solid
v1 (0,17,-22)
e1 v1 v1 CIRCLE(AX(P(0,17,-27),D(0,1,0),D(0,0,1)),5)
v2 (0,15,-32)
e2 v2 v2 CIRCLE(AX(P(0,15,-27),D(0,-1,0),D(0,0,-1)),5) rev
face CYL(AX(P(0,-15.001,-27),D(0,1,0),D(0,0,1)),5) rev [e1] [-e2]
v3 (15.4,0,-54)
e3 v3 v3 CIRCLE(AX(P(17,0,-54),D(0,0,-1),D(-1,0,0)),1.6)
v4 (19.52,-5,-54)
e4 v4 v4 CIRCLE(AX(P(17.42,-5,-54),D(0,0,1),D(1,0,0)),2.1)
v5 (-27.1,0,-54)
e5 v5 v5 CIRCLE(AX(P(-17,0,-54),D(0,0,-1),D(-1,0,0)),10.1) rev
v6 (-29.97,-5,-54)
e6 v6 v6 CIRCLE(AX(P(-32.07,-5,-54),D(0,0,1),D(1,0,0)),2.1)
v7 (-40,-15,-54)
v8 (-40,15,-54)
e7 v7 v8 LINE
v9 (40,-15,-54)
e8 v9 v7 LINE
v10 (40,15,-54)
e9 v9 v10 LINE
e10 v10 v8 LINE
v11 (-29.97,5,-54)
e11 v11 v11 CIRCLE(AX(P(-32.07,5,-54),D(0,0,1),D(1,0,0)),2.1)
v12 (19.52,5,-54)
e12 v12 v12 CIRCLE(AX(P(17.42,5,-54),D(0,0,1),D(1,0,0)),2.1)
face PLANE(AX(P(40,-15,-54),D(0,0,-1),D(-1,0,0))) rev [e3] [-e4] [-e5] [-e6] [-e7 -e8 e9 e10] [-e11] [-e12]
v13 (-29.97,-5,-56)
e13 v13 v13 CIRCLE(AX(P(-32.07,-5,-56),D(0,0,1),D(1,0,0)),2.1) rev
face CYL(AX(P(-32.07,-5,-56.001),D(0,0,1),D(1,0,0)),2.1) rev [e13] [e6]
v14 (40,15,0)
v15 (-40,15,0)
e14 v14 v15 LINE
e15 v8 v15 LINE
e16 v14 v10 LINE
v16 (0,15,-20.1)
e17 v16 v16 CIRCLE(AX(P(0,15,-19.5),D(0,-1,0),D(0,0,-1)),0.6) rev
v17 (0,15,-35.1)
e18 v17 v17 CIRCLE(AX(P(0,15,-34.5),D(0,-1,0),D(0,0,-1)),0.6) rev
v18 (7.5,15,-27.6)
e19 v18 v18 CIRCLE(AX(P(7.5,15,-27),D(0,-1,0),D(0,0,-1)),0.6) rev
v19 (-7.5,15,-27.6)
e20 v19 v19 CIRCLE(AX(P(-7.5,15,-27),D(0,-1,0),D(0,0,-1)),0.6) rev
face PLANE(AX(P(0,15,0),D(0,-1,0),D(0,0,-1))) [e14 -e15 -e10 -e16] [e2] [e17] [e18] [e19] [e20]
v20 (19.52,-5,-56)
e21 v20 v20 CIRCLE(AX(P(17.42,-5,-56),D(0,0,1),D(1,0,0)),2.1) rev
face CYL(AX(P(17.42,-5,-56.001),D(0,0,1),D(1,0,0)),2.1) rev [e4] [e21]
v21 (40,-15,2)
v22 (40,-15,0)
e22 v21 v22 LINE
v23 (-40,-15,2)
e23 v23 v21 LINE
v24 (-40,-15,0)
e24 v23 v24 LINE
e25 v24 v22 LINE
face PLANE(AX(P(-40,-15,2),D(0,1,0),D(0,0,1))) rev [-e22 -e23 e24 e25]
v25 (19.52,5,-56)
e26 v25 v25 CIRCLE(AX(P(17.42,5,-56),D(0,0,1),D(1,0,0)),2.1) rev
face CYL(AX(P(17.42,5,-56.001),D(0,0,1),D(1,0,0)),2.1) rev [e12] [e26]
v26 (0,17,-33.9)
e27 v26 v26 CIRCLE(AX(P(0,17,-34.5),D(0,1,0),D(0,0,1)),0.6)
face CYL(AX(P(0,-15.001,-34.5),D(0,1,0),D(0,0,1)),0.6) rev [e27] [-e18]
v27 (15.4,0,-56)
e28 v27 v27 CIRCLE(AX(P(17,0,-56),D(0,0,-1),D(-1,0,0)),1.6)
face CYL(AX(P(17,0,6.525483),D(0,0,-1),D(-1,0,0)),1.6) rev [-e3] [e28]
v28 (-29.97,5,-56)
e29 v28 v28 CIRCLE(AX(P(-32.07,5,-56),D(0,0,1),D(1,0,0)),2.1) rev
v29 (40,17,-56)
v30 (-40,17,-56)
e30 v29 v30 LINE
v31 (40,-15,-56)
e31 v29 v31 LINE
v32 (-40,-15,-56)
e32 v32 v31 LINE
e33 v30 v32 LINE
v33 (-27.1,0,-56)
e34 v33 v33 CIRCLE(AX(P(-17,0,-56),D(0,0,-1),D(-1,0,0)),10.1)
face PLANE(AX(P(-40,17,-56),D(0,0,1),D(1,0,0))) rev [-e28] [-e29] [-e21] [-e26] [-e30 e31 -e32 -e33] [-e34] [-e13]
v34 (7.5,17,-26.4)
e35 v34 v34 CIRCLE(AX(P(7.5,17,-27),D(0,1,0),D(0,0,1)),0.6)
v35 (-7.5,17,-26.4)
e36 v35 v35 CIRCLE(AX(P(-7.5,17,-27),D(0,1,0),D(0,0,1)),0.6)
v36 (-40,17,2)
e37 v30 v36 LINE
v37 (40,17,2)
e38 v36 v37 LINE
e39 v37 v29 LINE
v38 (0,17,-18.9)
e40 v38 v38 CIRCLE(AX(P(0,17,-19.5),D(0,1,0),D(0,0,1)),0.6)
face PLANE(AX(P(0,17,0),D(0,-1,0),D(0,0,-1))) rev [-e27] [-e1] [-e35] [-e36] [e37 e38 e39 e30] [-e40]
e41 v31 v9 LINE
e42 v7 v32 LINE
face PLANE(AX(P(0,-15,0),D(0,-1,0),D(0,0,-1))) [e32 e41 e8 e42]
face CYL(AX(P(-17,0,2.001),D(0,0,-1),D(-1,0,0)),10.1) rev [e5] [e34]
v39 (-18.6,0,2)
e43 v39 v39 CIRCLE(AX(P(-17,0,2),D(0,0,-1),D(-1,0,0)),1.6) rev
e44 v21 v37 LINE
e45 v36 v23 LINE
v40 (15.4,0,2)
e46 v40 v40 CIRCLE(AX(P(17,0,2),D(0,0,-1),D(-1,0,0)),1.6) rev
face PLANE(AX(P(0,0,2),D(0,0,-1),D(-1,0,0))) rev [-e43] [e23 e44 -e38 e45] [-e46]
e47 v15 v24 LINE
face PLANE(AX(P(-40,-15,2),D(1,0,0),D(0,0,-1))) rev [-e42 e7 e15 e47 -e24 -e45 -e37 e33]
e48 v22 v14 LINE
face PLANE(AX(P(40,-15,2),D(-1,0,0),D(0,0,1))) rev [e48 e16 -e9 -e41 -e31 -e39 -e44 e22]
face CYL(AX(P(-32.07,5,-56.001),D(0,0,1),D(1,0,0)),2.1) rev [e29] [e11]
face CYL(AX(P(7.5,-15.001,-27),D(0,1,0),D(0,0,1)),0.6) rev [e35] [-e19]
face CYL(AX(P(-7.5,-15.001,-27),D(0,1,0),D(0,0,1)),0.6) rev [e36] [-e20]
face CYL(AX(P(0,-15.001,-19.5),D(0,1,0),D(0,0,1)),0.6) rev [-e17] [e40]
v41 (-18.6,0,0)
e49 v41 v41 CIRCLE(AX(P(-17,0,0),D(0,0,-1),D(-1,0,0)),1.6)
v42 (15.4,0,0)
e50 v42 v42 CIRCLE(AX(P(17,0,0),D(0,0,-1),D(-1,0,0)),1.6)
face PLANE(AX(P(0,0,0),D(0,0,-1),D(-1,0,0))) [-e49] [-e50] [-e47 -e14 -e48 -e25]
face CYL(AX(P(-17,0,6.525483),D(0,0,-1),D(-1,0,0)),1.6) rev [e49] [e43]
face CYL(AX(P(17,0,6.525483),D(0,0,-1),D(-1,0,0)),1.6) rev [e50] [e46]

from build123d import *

# Parameters (mm, degrees)
SKETCH_1_W          = 80
SKETCH_1_H          = 30
EXTRUDE_1_DEPTH     = 2
SKETCH_2_W          = 80
SKETCH_2_H          = 58
EXTRUDE_2_DEPTH     = 2
SKETCH_3_W          = 80
SKETCH_3_H          = 2
EXTRUDE_3_DEPTH     = 30
CUT_EXTRUDE_1_REACH = 77.895
SKETCH_5_R          = 5
SKETCH_5_R_2        = 0.6
CUT_EXTRUDE_3_REACH = 74.478
SKETCH_6_R          = 1.6
CUT_EXTRUDE_4_REACH = 74.478
SKETCH_7_R          = 10.1
CUT_EXTRUDE_5_REACH = 72.887
SKETCH_8_R          = 2.1
CUT_EXTRUDE_6_REACH = 72.887
SKETCH_9_R          = 2.1


with BuildPart() as part:
    # 草图1 → 凸台-拉伸1 (new body)
    with BuildSketch(Plane.XY):
        Rectangle(SKETCH_1_W, SKETCH_1_H)
    extrude(amount=EXTRUDE_1_DEPTH)

    # 草图2 → 凸台-拉伸2 (add)
    with BuildSketch(Plane(origin=(0, 15, 0), x_dir=(1, 0, 0), z_dir=(0, 1, 0))):
        with Locations((0, 27)):
            Rectangle(SKETCH_2_W, SKETCH_2_H)
    extrude(amount=EXTRUDE_2_DEPTH)

    # 草图3 → 凸台-拉伸3 (add)
    with BuildSketch(Plane.XZ.offset(-15)):
        with Locations((0, -55)):
            Rectangle(SKETCH_3_W, SKETCH_3_H)
    extrude(amount=EXTRUDE_3_DEPTH)

    # 草图5 → 切除-拉伸1 (cut, up to next)
    with BuildSketch(Plane(origin=(0, 17, 0), x_dir=(1, 0, 0), z_dir=(0, 1, 0)), mode=Mode.PRIVATE) as cut_extrude_1_sk1:
        with Locations(Location((0, 27, 0), (0, 0, 270))):
            Circle(SKETCH_5_R)
    cut_extrude_1_tool1 = extrude(cut_extrude_1_sk1.sketch, amount=-CUT_EXTRUDE_1_REACH, mode=Mode.PRIVATE) & part.part
    # 草图5 → 切除-拉伸1 (cut, up to next)
    with BuildSketch(Plane(origin=(0, 17, 0), x_dir=(1, 0, 0), z_dir=(0, 1, 0)), mode=Mode.PRIVATE) as cut_extrude_1_sk2:
        with Locations(Location((-7.5, 27, 0), (0, 0, 270))):
            Circle(SKETCH_5_R_2)
    cut_extrude_1_tool2 = extrude(cut_extrude_1_sk2.sketch, amount=-CUT_EXTRUDE_1_REACH, mode=Mode.PRIVATE) & part.part
    # 草图5 → 切除-拉伸1 (cut, up to next)
    with BuildSketch(Plane(origin=(0, 17, 0), x_dir=(1, 0, 0), z_dir=(0, 1, 0)), mode=Mode.PRIVATE) as cut_extrude_1_sk3:
        with Locations(Location((7.5, 27, 0), (0, 0, 270))):
            Circle(SKETCH_5_R_2)
    cut_extrude_1_tool3 = extrude(cut_extrude_1_sk3.sketch, amount=-CUT_EXTRUDE_1_REACH, mode=Mode.PRIVATE) & part.part
    # 草图5 → 切除-拉伸1 (cut, up to next)
    with BuildSketch(Plane(origin=(0, 17, 0), x_dir=(1, 0, 0), z_dir=(0, 1, 0)), mode=Mode.PRIVATE) as cut_extrude_1_sk4:
        with Locations(Location((0, 34.5, 0), (0, 0, 270))):
            Circle(SKETCH_5_R_2)
    cut_extrude_1_tool4 = extrude(cut_extrude_1_sk4.sketch, amount=-CUT_EXTRUDE_1_REACH, mode=Mode.PRIVATE) & part.part
    # 草图5 → 切除-拉伸1 (cut, up to next)
    with BuildSketch(Plane(origin=(0, 17, 0), x_dir=(1, 0, 0), z_dir=(0, 1, 0)), mode=Mode.PRIVATE) as cut_extrude_1_sk5:
        with Locations(Location((0, 19.5, 0), (0, 0, 270))):
            Circle(SKETCH_5_R_2)
    cut_extrude_1_tool5 = extrude(cut_extrude_1_sk5.sketch, amount=-CUT_EXTRUDE_1_REACH, mode=Mode.PRIVATE) & part.part
    add(cut_extrude_1_tool1.solids().sort_by_distance((0, 17, -27))[0], mode=Mode.SUBTRACT)
    add(cut_extrude_1_tool2.solids().sort_by_distance((-7.5, 17, -27))[0], mode=Mode.SUBTRACT)
    add(cut_extrude_1_tool3.solids().sort_by_distance((7.5, 17, -27))[0], mode=Mode.SUBTRACT)
    add(cut_extrude_1_tool4.solids().sort_by_distance((0, 17, -34.5))[0], mode=Mode.SUBTRACT)
    add(cut_extrude_1_tool5.solids().sort_by_distance((0, 17, -19.5))[0], mode=Mode.SUBTRACT)

    # 切除-拉伸3: up to this face of the body (flat: up to its plane)
    cut_extrude_3_end = Plane(part.part.faces().sort_by_distance((0, 1, 2))[0])
    # 草图6 → 切除-拉伸3 (cut, up to the picked face)
    with BuildSketch(Plane(origin=(0, 0, -56), x_dir=(-1, 0, 0), z_dir=(0, 0, -1)), mode=Mode.PRIVATE) as cut_extrude_3_sk1:
        with Locations((-17, 0)):
            Circle(SKETCH_6_R)
    cut_extrude_3_tool1 = split(extrude(cut_extrude_3_sk1.sketch, amount=-CUT_EXTRUDE_3_REACH, mode=Mode.PRIVATE), bisect_by=cut_extrude_3_end, keep=Keep.BOTH, mode=Mode.PRIVATE)
    # 草图6 → 切除-拉伸3 (cut, up to the picked face)
    with BuildSketch(Plane(origin=(0, 0, -56), x_dir=(-1, 0, 0), z_dir=(0, 0, -1)), mode=Mode.PRIVATE) as cut_extrude_3_sk2:
        with Locations((17, 0)):
            Circle(SKETCH_6_R)
    cut_extrude_3_tool2 = split(extrude(cut_extrude_3_sk2.sketch, amount=-CUT_EXTRUDE_3_REACH, mode=Mode.PRIVATE), bisect_by=cut_extrude_3_end, keep=Keep.BOTH, mode=Mode.PRIVATE)
    add(cut_extrude_3_tool1.solids().sort_by(Axis((17, 0, -56), (0, 0, 1)))[0], mode=Mode.SUBTRACT)
    add(cut_extrude_3_tool2.solids().sort_by(Axis((-17, 0, -56), (0, 0, 1)))[0], mode=Mode.SUBTRACT)

    # 草图7 → 切除-拉伸4 (cut, up to next)
    with BuildSketch(Plane(origin=(0, 0, -56), x_dir=(-1, 0, 0), z_dir=(0, 0, -1)), mode=Mode.PRIVATE) as cut_extrude_4_sk1:
        with Locations((17, 0)):
            Circle(SKETCH_7_R)
    cut_extrude_4_tool1 = extrude(cut_extrude_4_sk1.sketch, amount=-CUT_EXTRUDE_4_REACH, mode=Mode.PRIVATE) & part.part
    add(cut_extrude_4_tool1.solids().sort_by_distance((-17, 0, -56))[0], mode=Mode.SUBTRACT)

    # 草图8 → 切除-拉伸5 (cut, up to next)
    with BuildSketch(Plane.XY.offset(-54), mode=Mode.PRIVATE) as cut_extrude_5_sk1:
        with Locations((17.42, 5)):
            Circle(SKETCH_8_R)
    cut_extrude_5_tool1 = extrude(cut_extrude_5_sk1.sketch, amount=-CUT_EXTRUDE_5_REACH, mode=Mode.PRIVATE) & part.part
    # 草图8 → 切除-拉伸5 (cut, up to next)
    with BuildSketch(Plane.XY.offset(-54), mode=Mode.PRIVATE) as cut_extrude_5_sk2:
        with Locations((17.42, -5)):
            Circle(SKETCH_8_R)
    cut_extrude_5_tool2 = extrude(cut_extrude_5_sk2.sketch, amount=-CUT_EXTRUDE_5_REACH, mode=Mode.PRIVATE) & part.part
    add(cut_extrude_5_tool1.solids().sort_by_distance((17.42, 5, -54))[0], mode=Mode.SUBTRACT)
    add(cut_extrude_5_tool2.solids().sort_by_distance((17.42, -5, -54))[0], mode=Mode.SUBTRACT)

    # 草图9 → 切除-拉伸6 (cut, up to next)
    with BuildSketch(Plane.XY.offset(-54), mode=Mode.PRIVATE) as cut_extrude_6_sk1:
        with Locations((-32.07, 5)):
            Circle(SKETCH_9_R)
    cut_extrude_6_tool1 = extrude(cut_extrude_6_sk1.sketch, amount=-CUT_EXTRUDE_6_REACH, mode=Mode.PRIVATE) & part.part
    # 草图9 → 切除-拉伸6 (cut, up to next)
    with BuildSketch(Plane.XY.offset(-54), mode=Mode.PRIVATE) as cut_extrude_6_sk2:
        with Locations((-32.07, -5)):
            Circle(SKETCH_9_R)
    cut_extrude_6_tool2 = extrude(cut_extrude_6_sk2.sketch, amount=-CUT_EXTRUDE_6_REACH, mode=Mode.PRIVATE) & part.part
    add(cut_extrude_6_tool1.solids().sort_by_distance((-32.07, 5, -54))[0], mode=Mode.SUBTRACT)
    add(cut_extrude_6_tool2.solids().sort_by_distance((-32.07, -5, -54))[0], mode=Mode.SUBTRACT)


solid = part.part
